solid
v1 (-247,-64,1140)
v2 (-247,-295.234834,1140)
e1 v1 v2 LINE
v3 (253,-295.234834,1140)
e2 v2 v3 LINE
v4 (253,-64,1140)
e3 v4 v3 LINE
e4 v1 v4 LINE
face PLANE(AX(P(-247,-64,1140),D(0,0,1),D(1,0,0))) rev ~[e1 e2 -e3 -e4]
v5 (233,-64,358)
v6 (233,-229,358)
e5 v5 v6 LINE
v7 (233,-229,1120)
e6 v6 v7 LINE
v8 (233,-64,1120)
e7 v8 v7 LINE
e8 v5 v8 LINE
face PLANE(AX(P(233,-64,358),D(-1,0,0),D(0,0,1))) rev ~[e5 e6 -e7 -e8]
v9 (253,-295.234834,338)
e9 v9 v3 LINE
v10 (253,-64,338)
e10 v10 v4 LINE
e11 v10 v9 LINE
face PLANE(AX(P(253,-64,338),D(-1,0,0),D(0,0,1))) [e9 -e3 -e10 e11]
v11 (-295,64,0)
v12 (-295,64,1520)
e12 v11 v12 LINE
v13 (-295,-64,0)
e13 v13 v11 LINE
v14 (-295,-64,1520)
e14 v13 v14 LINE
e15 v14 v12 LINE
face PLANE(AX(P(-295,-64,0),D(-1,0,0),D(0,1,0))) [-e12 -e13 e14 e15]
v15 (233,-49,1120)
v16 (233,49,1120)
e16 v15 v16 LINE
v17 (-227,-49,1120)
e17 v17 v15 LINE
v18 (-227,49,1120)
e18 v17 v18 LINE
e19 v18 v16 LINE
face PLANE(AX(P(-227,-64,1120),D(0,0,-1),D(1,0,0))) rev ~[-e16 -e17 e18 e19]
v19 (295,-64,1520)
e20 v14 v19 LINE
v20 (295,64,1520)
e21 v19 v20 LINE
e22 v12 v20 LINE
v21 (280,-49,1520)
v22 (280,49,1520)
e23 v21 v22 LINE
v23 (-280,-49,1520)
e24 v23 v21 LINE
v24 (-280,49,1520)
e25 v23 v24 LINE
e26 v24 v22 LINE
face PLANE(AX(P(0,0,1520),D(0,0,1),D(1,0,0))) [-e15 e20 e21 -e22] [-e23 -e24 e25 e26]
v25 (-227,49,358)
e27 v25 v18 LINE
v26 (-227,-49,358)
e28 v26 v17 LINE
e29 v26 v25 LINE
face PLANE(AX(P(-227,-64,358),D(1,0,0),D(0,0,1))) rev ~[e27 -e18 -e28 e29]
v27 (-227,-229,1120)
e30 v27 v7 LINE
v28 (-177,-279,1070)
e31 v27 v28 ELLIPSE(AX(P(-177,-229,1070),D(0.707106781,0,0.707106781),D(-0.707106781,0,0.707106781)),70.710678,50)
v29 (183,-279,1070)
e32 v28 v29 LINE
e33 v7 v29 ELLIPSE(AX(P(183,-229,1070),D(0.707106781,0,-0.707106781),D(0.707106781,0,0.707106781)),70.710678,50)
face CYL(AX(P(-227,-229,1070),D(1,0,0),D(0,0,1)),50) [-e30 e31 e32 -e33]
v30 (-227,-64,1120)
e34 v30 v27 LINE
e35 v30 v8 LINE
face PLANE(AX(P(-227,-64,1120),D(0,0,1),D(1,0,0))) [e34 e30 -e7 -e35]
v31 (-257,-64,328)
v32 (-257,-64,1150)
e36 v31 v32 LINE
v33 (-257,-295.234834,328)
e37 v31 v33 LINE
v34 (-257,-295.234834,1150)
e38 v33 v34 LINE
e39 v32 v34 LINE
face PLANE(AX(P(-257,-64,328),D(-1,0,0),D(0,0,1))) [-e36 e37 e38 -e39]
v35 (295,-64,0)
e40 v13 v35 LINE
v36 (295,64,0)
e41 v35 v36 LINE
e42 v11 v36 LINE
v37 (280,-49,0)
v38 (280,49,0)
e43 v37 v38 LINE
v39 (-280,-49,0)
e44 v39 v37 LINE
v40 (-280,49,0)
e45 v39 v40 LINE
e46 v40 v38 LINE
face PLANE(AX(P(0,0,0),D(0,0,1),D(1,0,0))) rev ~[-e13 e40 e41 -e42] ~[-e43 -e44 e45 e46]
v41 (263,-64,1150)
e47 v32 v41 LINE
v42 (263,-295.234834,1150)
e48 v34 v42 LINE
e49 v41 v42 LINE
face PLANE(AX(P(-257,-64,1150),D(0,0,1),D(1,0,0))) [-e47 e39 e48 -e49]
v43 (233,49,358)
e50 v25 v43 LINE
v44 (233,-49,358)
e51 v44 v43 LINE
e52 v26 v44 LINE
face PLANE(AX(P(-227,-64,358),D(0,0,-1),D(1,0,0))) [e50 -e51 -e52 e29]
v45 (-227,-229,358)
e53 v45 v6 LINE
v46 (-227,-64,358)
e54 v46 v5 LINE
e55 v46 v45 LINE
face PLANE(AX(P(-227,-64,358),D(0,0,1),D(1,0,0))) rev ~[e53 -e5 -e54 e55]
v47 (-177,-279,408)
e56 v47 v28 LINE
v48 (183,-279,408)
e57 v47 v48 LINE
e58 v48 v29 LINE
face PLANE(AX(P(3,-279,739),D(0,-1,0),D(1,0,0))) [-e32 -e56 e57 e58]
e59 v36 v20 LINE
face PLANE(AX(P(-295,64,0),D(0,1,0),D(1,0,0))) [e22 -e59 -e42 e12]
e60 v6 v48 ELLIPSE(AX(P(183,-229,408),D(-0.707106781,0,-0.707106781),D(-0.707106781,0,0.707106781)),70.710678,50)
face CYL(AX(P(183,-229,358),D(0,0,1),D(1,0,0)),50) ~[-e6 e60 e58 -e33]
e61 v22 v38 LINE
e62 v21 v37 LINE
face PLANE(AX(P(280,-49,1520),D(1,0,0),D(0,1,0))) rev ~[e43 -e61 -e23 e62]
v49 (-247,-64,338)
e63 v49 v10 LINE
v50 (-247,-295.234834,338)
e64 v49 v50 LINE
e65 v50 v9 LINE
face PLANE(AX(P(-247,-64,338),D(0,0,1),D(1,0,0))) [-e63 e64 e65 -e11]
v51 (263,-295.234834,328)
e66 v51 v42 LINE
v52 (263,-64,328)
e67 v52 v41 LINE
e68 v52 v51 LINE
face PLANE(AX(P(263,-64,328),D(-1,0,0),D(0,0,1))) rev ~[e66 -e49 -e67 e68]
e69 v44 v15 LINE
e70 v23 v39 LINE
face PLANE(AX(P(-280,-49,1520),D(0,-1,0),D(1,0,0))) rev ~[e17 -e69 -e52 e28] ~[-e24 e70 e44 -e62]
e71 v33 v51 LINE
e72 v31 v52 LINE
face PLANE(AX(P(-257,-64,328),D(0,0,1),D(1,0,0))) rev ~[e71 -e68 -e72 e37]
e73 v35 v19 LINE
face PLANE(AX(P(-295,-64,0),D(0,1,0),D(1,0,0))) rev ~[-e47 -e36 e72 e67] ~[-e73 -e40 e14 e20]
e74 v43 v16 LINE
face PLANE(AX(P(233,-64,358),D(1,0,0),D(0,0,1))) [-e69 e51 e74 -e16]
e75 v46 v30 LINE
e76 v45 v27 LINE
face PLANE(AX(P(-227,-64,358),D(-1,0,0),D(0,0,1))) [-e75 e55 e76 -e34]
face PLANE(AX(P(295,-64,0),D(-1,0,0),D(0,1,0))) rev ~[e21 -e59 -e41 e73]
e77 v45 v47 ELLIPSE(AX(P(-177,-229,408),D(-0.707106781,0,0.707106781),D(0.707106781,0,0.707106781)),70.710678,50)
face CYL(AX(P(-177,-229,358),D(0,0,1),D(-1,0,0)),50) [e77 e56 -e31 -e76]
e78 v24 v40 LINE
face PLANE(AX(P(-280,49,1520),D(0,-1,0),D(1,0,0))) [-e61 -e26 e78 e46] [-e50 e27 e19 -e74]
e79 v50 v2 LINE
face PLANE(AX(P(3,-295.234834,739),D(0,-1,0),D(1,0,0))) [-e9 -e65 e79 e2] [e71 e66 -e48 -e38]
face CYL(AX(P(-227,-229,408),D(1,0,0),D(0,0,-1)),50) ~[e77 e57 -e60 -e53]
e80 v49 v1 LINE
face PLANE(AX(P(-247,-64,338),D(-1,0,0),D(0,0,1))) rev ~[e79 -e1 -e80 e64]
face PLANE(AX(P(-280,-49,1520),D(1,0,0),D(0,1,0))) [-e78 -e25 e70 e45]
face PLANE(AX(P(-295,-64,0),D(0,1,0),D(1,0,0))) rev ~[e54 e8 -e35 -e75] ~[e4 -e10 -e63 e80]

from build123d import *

# Parameters (mm, degrees)
F0_W          = 590
F0_H          = 128
F1_DEPTH      = 1520
F2_W          = 560
F2_H          = 98
F3_DEPTH      = 1520.001
F4_W          = 460
F4_H          = 762
F5_DEPTH      = 215
F5_DEPTH_BACK = 128
F6_R          = 50
F7_W          = 520
F7_H          = 822
F7_W_2        = 500
F7_H_2        = 802
F8_DEPTH      = 231.234834


with BuildPart() as f1:
    # F0 (on Top) → F1 (new body)
    with BuildSketch(Plane.XY):
        Rectangle(F0_W, F0_H)
    extrude(amount=F1_DEPTH)

    # F2 (on face) → F3 (cut, through all)
    with BuildSketch(Plane.XY.offset(1520)):
        Rectangle(F2_W, F2_H)
    extrude(amount=-F3_DEPTH, mode=Mode.SUBTRACT)

    # F4 (on face) → F5 (join, two sides)
    with BuildSketch(Plane.XZ.offset(64)) as f5_sk:
        with Locations((3, 739)):
            Rectangle(F4_W, F4_H)
    extrude(amount=F5_DEPTH)
    extrude(f5_sk.sketch, amount=-F5_DEPTH_BACK)

    # F6
    f6_edges = [f1.edges().sort_by_distance(p)[0] for p in [
        (233, -279, 739),
        (-227, -279, 739),
        (3, -279, 358),
        (3, -279, 1120),
    ]]
    fillet(f6_edges, radius=F6_R)

    # F7 (on face) → F8 (join)
    with BuildSketch(Plane.XZ.offset(64)):
        with Locations((3, 739)):
            Rectangle(F7_W, F7_H)
        with Locations((3, 739)):
            Rectangle(F7_W_2, F7_H_2, mode=Mode.SUBTRACT)
    extrude(amount=F8_DEPTH)


solid = f1.part
